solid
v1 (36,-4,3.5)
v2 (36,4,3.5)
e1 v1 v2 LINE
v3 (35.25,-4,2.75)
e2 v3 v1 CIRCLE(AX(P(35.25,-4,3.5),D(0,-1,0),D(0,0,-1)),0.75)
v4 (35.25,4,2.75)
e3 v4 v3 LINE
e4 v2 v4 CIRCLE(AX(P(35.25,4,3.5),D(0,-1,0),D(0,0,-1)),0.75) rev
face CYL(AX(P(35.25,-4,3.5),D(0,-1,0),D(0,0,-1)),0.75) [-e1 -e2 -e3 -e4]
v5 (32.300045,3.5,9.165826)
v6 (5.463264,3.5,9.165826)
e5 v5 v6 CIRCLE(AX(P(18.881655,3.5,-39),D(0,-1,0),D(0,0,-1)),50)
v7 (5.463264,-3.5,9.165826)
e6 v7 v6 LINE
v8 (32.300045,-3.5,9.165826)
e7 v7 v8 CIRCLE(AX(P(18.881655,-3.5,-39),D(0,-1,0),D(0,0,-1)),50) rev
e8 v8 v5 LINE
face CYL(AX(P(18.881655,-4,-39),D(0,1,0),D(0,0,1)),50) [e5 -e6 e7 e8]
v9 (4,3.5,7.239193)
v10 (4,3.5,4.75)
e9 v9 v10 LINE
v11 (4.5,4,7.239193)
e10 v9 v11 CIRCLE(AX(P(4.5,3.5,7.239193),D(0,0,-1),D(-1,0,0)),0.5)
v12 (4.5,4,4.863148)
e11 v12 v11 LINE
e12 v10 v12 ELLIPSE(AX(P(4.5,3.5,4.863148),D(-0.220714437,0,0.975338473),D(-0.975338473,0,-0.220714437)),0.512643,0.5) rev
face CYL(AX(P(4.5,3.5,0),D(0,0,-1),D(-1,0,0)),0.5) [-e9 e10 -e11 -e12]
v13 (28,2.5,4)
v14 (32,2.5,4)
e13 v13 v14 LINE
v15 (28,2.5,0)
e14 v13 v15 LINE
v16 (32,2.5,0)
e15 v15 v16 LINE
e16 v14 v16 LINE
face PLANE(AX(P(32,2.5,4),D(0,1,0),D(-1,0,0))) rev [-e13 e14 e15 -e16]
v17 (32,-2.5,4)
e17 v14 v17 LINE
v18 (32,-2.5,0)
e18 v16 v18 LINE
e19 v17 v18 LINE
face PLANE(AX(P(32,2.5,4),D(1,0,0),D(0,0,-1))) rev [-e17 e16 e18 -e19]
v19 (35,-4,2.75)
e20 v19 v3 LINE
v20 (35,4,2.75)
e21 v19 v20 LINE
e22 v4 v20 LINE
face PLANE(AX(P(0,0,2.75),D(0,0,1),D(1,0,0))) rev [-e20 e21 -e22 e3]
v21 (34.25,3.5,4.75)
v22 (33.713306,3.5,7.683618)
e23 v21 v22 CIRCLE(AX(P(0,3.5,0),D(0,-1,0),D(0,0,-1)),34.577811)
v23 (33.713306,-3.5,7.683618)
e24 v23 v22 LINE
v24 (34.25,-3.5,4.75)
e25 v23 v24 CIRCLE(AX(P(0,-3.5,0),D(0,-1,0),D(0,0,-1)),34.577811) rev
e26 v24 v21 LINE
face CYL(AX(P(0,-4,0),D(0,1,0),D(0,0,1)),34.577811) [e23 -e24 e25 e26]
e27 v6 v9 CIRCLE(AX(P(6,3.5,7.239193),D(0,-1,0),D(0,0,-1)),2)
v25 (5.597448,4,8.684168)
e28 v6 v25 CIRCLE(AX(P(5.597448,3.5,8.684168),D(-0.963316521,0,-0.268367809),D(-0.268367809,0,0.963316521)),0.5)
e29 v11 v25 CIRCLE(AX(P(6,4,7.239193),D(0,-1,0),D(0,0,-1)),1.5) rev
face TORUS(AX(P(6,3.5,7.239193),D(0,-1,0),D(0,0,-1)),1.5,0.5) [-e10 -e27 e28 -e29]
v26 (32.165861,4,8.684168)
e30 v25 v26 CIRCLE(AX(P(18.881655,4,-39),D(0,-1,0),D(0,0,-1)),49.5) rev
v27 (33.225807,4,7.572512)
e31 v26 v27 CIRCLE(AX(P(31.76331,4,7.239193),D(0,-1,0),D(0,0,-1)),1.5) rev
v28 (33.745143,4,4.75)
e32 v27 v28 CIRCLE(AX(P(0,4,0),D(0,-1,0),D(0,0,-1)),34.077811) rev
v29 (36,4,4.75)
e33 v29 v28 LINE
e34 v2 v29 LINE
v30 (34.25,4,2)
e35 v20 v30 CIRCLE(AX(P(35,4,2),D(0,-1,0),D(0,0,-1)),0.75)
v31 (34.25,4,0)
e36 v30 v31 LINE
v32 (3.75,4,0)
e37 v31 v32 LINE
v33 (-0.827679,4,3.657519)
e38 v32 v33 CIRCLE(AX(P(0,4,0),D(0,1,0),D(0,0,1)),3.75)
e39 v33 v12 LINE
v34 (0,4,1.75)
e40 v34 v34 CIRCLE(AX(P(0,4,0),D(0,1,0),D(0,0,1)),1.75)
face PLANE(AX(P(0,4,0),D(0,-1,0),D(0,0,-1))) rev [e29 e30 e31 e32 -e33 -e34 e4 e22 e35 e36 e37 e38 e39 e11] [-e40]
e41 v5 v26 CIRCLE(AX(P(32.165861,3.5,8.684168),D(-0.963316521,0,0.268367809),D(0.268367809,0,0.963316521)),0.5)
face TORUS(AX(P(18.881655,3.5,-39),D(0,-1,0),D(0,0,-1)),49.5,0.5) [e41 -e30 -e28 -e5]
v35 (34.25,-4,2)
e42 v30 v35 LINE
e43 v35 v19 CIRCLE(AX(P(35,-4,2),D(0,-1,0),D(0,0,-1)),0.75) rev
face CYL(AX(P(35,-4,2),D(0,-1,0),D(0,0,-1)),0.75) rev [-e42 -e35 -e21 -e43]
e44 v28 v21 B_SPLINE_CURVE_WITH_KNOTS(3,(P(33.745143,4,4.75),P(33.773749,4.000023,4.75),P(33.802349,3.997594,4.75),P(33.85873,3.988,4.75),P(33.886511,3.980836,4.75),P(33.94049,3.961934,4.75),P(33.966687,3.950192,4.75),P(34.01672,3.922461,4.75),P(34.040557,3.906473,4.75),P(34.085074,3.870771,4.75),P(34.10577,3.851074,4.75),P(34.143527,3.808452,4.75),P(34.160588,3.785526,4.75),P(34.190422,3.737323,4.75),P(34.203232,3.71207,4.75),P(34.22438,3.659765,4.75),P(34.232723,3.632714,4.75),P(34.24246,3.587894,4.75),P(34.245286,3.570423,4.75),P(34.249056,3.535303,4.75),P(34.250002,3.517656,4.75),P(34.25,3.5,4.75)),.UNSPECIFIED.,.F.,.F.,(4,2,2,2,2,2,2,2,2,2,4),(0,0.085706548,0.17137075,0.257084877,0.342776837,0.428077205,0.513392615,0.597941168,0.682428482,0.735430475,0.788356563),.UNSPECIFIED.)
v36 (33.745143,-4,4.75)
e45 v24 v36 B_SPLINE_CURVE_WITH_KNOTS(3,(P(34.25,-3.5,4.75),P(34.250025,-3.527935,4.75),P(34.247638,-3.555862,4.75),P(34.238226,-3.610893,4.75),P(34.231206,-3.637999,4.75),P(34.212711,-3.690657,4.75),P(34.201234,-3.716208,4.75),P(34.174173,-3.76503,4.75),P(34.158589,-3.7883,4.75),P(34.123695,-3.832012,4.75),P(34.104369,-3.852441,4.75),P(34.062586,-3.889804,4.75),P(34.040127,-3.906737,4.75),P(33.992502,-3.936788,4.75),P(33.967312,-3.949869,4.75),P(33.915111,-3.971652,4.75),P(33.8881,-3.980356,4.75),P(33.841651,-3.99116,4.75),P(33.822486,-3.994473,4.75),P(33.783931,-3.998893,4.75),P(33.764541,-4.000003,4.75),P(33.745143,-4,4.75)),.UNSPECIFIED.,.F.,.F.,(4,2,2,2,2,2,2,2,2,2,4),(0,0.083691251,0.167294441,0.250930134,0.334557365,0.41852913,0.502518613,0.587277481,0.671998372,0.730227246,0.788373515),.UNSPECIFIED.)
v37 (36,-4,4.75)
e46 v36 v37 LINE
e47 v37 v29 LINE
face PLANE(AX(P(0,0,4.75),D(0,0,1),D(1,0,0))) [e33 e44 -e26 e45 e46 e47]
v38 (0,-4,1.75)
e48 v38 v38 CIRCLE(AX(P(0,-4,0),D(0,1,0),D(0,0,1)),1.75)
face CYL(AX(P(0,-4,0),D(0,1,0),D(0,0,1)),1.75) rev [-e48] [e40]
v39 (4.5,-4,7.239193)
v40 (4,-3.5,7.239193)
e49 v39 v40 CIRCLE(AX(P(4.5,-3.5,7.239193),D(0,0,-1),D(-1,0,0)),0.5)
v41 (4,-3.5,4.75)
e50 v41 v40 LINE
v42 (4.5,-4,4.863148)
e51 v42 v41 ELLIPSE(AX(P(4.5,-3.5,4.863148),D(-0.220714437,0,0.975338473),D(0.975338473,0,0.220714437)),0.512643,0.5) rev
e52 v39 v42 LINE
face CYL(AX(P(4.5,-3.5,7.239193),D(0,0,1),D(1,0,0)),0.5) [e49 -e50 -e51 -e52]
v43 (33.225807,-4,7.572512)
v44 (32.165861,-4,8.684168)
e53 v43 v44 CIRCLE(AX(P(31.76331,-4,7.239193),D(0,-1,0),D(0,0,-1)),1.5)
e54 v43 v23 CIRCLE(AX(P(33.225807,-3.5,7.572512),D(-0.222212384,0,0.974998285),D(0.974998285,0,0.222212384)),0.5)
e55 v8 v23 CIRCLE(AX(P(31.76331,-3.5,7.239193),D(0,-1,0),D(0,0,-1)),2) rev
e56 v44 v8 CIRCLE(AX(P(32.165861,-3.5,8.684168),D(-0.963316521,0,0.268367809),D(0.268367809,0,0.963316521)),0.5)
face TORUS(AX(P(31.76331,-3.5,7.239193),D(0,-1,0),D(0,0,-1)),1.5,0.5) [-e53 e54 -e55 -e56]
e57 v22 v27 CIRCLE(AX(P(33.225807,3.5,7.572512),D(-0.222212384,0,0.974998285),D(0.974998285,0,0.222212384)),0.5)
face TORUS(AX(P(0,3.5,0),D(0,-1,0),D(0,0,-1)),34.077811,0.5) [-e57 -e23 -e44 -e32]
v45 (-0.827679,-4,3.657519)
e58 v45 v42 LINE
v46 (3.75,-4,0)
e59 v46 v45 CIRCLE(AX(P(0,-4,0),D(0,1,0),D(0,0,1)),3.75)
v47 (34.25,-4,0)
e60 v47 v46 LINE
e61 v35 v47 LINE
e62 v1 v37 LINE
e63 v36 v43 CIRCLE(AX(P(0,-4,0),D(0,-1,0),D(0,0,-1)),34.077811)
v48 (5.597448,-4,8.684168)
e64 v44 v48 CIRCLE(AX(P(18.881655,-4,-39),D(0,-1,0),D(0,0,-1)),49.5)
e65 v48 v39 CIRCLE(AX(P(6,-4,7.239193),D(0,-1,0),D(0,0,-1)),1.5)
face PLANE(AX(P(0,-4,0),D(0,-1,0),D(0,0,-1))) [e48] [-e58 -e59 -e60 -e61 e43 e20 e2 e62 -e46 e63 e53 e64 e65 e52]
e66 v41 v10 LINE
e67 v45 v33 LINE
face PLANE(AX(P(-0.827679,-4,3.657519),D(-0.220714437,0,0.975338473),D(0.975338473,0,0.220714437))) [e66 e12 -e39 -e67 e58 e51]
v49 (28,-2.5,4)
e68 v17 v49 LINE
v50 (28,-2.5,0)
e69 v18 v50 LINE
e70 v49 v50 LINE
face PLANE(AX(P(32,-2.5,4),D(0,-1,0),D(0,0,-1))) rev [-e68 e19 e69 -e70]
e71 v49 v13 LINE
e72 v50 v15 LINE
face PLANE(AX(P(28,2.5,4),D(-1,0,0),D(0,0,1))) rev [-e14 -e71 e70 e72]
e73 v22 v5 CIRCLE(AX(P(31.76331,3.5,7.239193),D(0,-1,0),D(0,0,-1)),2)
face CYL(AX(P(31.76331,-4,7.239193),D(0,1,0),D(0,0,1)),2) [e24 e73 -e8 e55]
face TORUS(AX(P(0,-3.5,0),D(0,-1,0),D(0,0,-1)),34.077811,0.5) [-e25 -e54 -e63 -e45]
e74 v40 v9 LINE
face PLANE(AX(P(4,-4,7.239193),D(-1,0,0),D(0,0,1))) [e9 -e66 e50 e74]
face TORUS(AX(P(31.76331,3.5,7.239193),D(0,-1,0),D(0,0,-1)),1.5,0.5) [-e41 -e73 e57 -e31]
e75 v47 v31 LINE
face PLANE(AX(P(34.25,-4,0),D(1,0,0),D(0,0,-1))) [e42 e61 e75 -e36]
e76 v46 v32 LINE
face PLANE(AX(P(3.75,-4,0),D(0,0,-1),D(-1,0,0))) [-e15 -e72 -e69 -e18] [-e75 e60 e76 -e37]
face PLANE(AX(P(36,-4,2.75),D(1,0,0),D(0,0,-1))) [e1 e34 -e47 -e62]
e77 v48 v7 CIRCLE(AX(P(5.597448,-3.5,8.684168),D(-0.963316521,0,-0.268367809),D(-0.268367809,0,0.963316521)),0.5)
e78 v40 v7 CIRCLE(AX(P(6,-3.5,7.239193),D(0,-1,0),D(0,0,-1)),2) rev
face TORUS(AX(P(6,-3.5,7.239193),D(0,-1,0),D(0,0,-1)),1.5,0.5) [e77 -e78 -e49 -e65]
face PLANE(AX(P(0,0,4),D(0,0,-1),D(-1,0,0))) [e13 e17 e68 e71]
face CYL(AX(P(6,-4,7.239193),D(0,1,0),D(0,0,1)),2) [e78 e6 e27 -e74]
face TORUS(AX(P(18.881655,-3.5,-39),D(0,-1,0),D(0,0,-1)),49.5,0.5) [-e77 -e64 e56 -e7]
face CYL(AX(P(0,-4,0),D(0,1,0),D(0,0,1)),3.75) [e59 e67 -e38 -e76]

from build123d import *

# Parameters (mm, degrees)
SKETCH1_R           = 1.75
BOSS_EXTRUDE1_DEPTH = 4
SKETCH3_W           = 1.75
SKETCH3_H           = 8
BOSS_EXTRUDE2_DEPTH = 2
FILLET1_R           = 0.5
SKETCH4_W           = 4
SKETCH4_H           = 5
CUT_EXTRUDE1_DEPTH  = 4
FILLET2_R           = 0.75


with BuildPart() as part:
    # Sketch1 → Boss-Extrude1 (new, symmetric)
    with BuildSketch(Plane(origin=(0, 0, 0), x_dir=(1, 0, 0), z_dir=(0, 1, 0))):
        with BuildLine():
            Line((34.25, 0), (3.75, 0))
            ThreePointArc((3.75, 0), (-2.34080149, 2.929701074), (-0.827679139, -3.657519275))
            Line((-0.827679139, -3.657519275), (4, -4.75))
            Line((4, -4.75), (4, -7.239192993))
            ThreePointArc((4, -7.239192993), (4.407286712, -8.448847647), (5.463264382, -9.165826034))
            ThreePointArc((5.463264382, -9.165826034), (18.881654838, -11), (32.300045295, -9.165826034))
            ThreePointArc((32.300045295, -9.165826034), (33.210788376, -8.619339874), (33.713306247, -7.68361776))
            ThreePointArc((33.713306247, -7.68361776), (34.013295596, -6.222597745), (34.25, -4.75))
            Line((34.25, -4.75), (34.25, 0))
        make_face()
        Circle(SKETCH1_R, mode=Mode.SUBTRACT)
    extrude(amount=BOSS_EXTRUDE1_DEPTH, both=True)

    # Sketch3 → Boss-Extrude2 (add)
    with BuildSketch(Plane(origin=(0, 0, 4.75), x_dir=(-1, 0, 0), z_dir=(0, 0, -1))):
        with Locations((-35.125, 0)):
            Rectangle(SKETCH3_W, SKETCH3_H)
    extrude(amount=BOSS_EXTRUDE2_DEPTH)

    # Fillet1
    fillet1_edges = [part.edges().sort_by_distance(p)[0] for p in [
        (4, 4, 5.994596496),
        (4, -4, 5.994596496),
        (4.407286712, -4, 8.448847647),
        (18.881654838, -4, 11),
        (33.210788376, -4, 8.619339874),
        (34.013295596, -4, 6.222597745),
        (34.013295596, 4, 6.222597745),
        (33.210788376, 4, 8.619339874),
        (18.881654838, 4, 11),
        (4.407286712, 4, 8.448847647),
    ]]
    fillet(fillet1_edges, radius=FILLET1_R)

    # Sketch4 → Cut-Extrude1 (cut)
    with BuildSketch(Plane(origin=(0, 0, 0), x_dir=(-1, 0, 0), z_dir=(0, 0, -1))):
        with Locations((-30, 0)):
            Rectangle(SKETCH4_W, SKETCH4_H)
    extrude(amount=-CUT_EXTRUDE1_DEPTH, mode=Mode.SUBTRACT)

    # Fillet2
    fillet2_edges = [part.edges().sort_by_distance(p)[0] for p in [
        (34.25, 0, 2.75),
        (36, 0, 2.75),
    ]]
    fillet(fillet2_edges, radius=FILLET2_R)


solid = part.part
